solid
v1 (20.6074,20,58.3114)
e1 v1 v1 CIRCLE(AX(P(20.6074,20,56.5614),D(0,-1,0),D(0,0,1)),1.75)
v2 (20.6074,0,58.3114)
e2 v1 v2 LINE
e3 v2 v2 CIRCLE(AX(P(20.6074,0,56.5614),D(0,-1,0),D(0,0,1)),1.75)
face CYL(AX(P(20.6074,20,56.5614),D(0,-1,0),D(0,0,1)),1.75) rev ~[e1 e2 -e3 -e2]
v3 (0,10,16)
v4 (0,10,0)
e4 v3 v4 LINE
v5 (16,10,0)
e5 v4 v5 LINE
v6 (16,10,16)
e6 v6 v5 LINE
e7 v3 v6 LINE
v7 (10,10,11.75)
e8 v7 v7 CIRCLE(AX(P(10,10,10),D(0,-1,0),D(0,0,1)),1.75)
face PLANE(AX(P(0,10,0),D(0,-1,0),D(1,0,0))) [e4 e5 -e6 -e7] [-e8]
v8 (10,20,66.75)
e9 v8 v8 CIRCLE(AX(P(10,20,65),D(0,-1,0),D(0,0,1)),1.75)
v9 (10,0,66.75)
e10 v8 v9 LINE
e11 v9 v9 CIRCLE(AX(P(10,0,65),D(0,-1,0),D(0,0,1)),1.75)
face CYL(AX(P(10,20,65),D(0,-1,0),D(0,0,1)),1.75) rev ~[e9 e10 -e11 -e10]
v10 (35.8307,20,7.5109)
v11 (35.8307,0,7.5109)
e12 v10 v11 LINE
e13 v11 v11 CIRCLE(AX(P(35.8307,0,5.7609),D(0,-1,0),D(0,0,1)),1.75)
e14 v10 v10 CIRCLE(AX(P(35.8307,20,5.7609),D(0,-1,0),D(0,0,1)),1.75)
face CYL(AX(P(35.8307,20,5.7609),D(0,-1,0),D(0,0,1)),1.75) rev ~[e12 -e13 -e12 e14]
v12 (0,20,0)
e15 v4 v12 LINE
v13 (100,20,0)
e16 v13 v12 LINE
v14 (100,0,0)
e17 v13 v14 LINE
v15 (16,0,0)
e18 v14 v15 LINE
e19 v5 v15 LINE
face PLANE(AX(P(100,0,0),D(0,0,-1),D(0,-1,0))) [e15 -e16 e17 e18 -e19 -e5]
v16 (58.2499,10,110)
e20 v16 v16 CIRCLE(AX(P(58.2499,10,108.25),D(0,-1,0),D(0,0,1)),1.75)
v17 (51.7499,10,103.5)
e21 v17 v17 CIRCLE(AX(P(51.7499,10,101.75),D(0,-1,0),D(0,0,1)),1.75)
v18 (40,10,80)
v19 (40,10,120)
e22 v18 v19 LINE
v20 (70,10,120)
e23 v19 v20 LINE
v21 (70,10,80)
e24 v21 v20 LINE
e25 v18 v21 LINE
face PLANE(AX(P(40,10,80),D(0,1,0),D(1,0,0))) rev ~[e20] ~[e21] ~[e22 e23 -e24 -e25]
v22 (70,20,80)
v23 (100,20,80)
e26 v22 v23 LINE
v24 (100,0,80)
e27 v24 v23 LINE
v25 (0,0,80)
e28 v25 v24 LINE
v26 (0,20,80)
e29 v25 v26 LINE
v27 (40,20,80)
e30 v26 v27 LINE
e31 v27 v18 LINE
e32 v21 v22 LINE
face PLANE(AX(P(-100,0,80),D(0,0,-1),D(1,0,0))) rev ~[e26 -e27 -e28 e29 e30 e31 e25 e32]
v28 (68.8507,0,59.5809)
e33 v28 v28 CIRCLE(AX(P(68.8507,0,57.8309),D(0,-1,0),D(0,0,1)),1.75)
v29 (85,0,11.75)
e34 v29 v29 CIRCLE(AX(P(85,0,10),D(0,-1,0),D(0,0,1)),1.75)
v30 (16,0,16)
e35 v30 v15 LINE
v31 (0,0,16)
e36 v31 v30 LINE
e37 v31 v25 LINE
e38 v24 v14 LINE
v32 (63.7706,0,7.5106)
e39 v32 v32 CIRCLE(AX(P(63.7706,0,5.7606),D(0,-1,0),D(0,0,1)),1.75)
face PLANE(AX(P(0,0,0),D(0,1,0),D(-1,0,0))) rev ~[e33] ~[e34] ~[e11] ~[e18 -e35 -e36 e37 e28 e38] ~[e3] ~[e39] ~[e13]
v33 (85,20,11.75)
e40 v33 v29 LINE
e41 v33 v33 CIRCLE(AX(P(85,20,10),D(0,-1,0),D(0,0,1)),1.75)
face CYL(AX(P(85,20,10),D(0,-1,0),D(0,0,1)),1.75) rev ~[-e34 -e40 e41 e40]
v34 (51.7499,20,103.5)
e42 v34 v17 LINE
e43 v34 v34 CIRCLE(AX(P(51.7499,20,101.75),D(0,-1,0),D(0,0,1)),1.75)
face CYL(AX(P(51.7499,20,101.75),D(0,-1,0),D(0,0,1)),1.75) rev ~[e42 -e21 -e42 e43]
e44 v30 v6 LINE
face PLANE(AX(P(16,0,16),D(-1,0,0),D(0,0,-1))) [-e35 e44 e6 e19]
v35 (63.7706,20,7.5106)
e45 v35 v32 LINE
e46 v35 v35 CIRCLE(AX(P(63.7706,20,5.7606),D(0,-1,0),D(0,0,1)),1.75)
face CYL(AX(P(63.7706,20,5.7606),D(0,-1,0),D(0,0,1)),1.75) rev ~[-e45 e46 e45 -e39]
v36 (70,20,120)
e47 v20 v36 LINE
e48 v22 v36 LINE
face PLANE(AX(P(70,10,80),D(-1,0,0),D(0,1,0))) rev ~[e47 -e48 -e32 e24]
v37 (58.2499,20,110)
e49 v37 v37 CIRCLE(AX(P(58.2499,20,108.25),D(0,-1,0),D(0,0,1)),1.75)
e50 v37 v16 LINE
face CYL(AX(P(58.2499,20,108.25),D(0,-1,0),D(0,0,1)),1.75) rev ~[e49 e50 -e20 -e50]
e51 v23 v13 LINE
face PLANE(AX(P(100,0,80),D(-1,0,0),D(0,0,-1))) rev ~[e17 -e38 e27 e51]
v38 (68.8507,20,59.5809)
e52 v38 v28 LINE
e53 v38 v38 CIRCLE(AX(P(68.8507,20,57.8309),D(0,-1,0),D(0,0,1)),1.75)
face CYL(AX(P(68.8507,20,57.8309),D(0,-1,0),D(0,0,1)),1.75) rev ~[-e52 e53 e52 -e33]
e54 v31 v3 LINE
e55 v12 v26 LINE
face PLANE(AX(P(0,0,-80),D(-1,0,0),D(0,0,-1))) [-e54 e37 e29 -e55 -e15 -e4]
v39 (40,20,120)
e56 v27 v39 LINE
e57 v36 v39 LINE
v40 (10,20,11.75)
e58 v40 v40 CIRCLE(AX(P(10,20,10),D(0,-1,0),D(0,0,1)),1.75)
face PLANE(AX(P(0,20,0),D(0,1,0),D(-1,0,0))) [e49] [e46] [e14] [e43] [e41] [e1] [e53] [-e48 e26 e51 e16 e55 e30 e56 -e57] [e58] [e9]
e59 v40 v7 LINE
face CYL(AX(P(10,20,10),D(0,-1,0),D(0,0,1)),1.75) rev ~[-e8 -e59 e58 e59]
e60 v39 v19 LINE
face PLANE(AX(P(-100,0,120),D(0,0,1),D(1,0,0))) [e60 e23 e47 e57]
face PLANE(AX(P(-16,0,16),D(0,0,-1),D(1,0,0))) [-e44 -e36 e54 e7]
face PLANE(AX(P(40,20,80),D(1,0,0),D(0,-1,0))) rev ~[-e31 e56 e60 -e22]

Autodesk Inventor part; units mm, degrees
ref_plane "YZ Plane" through (0, 0, 0) normal (1, 0, 0) x (0, 1, 0)
ref_plane "XZ Plane" through (0, 0, 0) normal (0, 1, 0) x (-1, 0, 0)
ref_plane "XY Plane" through (0, 0, 0) normal (0, 0, 1) x (1, 0, 0)
sketch "Boceto1" plane through (0, 0, 0) normal (0, 1, 0) x (-1, 0, 0)
  line L0 (100, 80) -> (-100, 80)
  line L1 (-100, 80) -> (-100, -80)
  line L2 (-100, -80) -> (100, -80)
  line L3 (100, -80) -> (100, 80)
  line L4 (100, 80) -> (-100, -80) construction
  line L5 (-100, 80) -> (100, -80) construction
  point P0 (0, 0)
  dimension "d0" = 200
  dimension "d1" = 160
extrude "Extrusión1" add sketch "Boceto1" along normal blind 20
sketch "Boceto2" plane through (0, 20, 0) normal (0, 1, 0) x (1, 0, 0)
  line L0 (-100, 80) -> (-100, -80) projected
  line L1 (-100, 80) -> (-70, 80)
  line L2 (-70, 80) -> (-70, 40)
  line L3 (-70, 40) -> (-100, 40)
  line L4 (-100, 40) -> (-100, 80)
  line L5 (100, 80) -> (-100, 80) projected
  line L6 (0, 80) -> (0, 40)
  line L7 (100, 80) -> (70, 80)
  line L8 (70, 80) -> (70, 40)
  line L9 (70, 40) -> (100, 40)
  line L10 (100, 40) -> (100, 80)
  point P0 (0, 0)
  dimension "d4" = 30
  dimension "d5" = 40
extrude "Extrusión2" cut sketch "Boceto2" against normal blind 10
sketch "Boceto3" plane through (0, 20, 0) normal (0, 1, 0) x (1, 0, 0)
  line L0 (-70, 80) -> (-70, 40) projected
  line L1 (-70, 80.0001) -> (-70, 40)
  line L2 (-70, 40) -> (-100, 40) projected
  line L3 (-100, 40) -> (-100, 80.0001)
  line L4 (-100, 40) -> (-70, 40)
  line L5 (-70, 40) -> (-70, 80)
  line L6 (-70, 80) -> (-100, 80)
  line L7 (-100, 80) -> (-100, 40)
  circle A0 centre (-88.25, 58.25) radius 1.75
  circle A1 centre (-81.75, 51.75) radius 1.75
  line L8 (100, 80) -> (-100, 80) projected
  line L9 (0, 80) -> (0, 56.5)
  circle A2 centre (88.25, 58.25) radius 1.75
  circle A3 centre (81.75, 51.75) radius 1.75
  point P0 (0, 0)
  point P1 (-64.3507, 80)
  point P2 (-74.3507, 0)
  point P3 (-85, 80)
  dimension "d23" = 21.75
  dimension "d24" = 11.75
  dimension "d26" = 11.75
hole "Agujero1" at (-81.75, 20, -51.75) at (-88.25, 20, -58.25) at (81.75, 20, -51.75) at (88.25, 20, -58.25) direction (0, -1, 0) diameter 3.5 end through all
sketch "Boceto4" plane through (-100, 0, 80) normal (0, 0, 1) x (1, 0, 0)
  line L0 (30, 20) -> (60, 20)
  line L1 (60, 20) -> (60, 10)
  line L2 (60, 10) -> (30, 10)
  line L3 (30, 10) -> (30, 20)
  line L4 (0, 0) -> (0, 20) projected
  line L5 (100, 0) -> (100, 10)
  line L6 (170, 20) -> (140, 20)
  line L7 (140, 20) -> (140, 10)
  line L8 (140, 10) -> (170, 10)
  line L9 (170, 10) -> (170, 20)
  dimension "d34" = 30
  dimension "d35" = 10
  dimension "d36" = 30
extrude "Extrusión3" add sketch "Boceto4" along normal blind 40
sketch "Boceto5" plane through (0, 20, 0) normal (0, 1, 0) x (1, 0, 0)
  line L0 (59.9999, -50) -> (69.9999, -50)
  line L1 (49.9999, -101.75) -> (49.9999, -79.9497)
  line L2 (59.9999, -108.25) -> (59.9999, -50)
  line L3 (40, -80) -> (69.9999, -80)
  line L4 (49.9999, -79.9497) -> (40, -80)
  circle A0 centre (51.7499, -101.75) radius 1.75
  circle A1 centre (58.2499, -108.25) radius 1.75
  line L5 (69.9999, -80) -> (69.9999, -120)
  line L6 (40, -120) -> (40, -80)
  line L7 (69.9999, -120) -> (40, -120)
  line L8 (0, -50) -> (0, -71.75)
  line L9 (-40, -120) -> (-40, -80)
  line L10 (-49.9999, -101.75) -> (-49.9999, -79.9497)
  circle A2 centre (-51.7499, -101.75) radius 1.75
  circle A3 centre (-58.2499, -108.25) radius 1.75
  line L11 (-40, -80) -> (-69.9999, -80)
  line L12 (-69.9999, -120) -> (-40, -120)
  line L13 (-69.9999, -80) -> (-69.9999, -120)
  line L14 (-59.9999, -108.25) -> (-59.9999, -50)
  line L15 (-40, -120) -> (-69.9999, -120)
  line L16 (-69.9999, -80) -> (-69.9999, -120)
  line L17 (-40, -120) -> (-70, -120) projected
  line L18 (-40, -80) -> (-40, -120) projected
  line L19 (-59.9999, -110) -> (-49.9999, -110)
  line L20 (-49.9999, -110) -> (-49.9999, -100)
  line L21 (-49.9999, -100) -> (-59.9999, -100)
  line L22 (-59.9999, -100) -> (-59.9999, -110)
  line L23 (-100, 40) -> (-100, -80) projected
  point P0 (0, 0)
  point P1 (-56.75, -68.25)
  point P2 (-63.25, -61.75)
  point P3 (63.25, -61.75)
  point P4 (56.75, -68.25)
  dimension "d45" = 3.5
  dimension "d46" = 3.5
  dimension "d39" = 10
  dimension "d40" = 10
  dimension "d41" = 40
  dimension "d42" = 0
  dimension "d43" = 6.5
  dimension "d44" = 6.5
  dimension "d47" = 11.7499
  dimension "d48" = 11.75
  dimension "d49" = 0
  dimension "d50" = 11.75
  dimension "d51" = 0
  dimension "d97" = 40.0001
hole "Agujero2" at (-58.2499, 20, 108.25) at (-51.7499, 20, 101.75) at (51.7499, 20, 101.75) at (58.2499, 20, 108.25) direction (0, -1, 0) diameter 3.5 end through all
sketch "Boceto6" plane through (0, 20, 0) normal (0, 1, 0) x (1, 0, 0)
  circle A0 centre (-60.569, -13.1067) radius 10
  circle A1 centre (-29.569, -59.1067) radius 3.5
  line L0 (-60.569, -13.1067) -> (-39.0083, -13.1067)
  circle A2 centre (-29.569, 25.8933) radius 3.5
  circle A3 centre (-88.569, 25.8933) radius 3.5
  circle A4 centre (-88.569, -59.1067) radius 3.5
  line L1 (70.4544, -63.0517) -> (18.4544, -63.0517)
  line L2 (18.4544, -63.0517) -> (18.4544, 6.9483)
  line L3 (18.4544, 6.9483) -> (70.4544, 6.9483)
  line L4 (70.4544, 6.9483) -> (70.4544, -63.0517)
  line L5 (70.4544, 6.9483) -> (48.4544, 6.9483)
  line L6 (48.4544, 6.9483) -> (48.4544, 48.9483)
  line L7 (48.4544, 48.9483) -> (70.4544, 48.9483)
  line L8 (70.4544, 48.9483) -> (70.4544, 6.9483)
  line L9 (77.2288, -8.158) -> (77.2281, -5.6604)
  circle A5 centre (63.7706, -5.7606) radius 1.75
  line L10 (70.7641, -24.1464) -> (70.7641, 22.2796)
  circle A6 centre (35.8307, -5.7609) radius 1.75
  line L11 (25.1581, -13.2381) -> (25.1581, -10.7404)
  circle A7 centre (68.8507, -57.8309) radius 1.75
  line L12 (26.4277, 35.0051) -> (26.4277, 37.5029)
  circle A8 centre (20.6074, -56.5614) radius 1.75
  line L13 (18.6941, -55.9176) -> (70.7641, -55.9176)
  line L14 (18.6941, -55.9176) -> (18.6941, -7.6743)
  line L15 (44.7291, -55.9176) -> (44.7291, -31.7959)
  line L16 (63.7706, -28.0517) -> (26.4277, -28.0517)
  line L17 (44.7291, -23.5247) -> (44.7291, -31.7959)
  point P0 (0, 0)
  point P1 (-60.569, -16.6067)
  point P2 (45.425, 12.8886)
  point P3 (44.7291, -28.0517)
  dimension "d59" = 7
  dimension "d60" = 7
  dimension "d61" = 7
  dimension "d62" = 39
  dimension "d63" = 46
  dimension "d64" = 59
  dimension "d65" = 46
  dimension "d66" = 39
  dimension "d67" = 59
  dimension "d68" = 52
  dimension "d69" = 70
  dimension "d70" = 22
  dimension "d71" = 42
  dimension "d72" = 3.5
  dimension "d73" = 3.5
  dimension "d74" = 3.5
  dimension "d75" = 3.5
  dimension "d142" = 17.3763
  dimension "d143" = 12.7092
  dimension "d144" = 6.6837
  dimension "d145" = 12.7089
  dimension "d146" = 5.2208
  dimension "d147" = 1.6037
  dimension "d148" = 2.1531
  dimension "d149" = 6.4903
hole "Agujero3" at (68.8507, 20, 57.8309) at (20.6074, 20, 56.5614) at (63.7706, 20, 5.7606) at (35.8307, 20, 5.7609) direction (0, -1, 0) diameter 3.5 end through all
sketch "Boceto7" plane through (0, 20, 0) normal (0, 1, 0) x (1, 0, 0)
  circle A0 centre (-60.569, -13.1067) radius 10
  circle A1 centre (-29.569, -59.1067) radius 3.5
  line L0 (-60.569, -13.1067) -> (-39.0083, -13.1067)
  circle A2 centre (-29.569, 25.8933) radius 3.5
  circle A3 centre (-88.569, 25.8933) radius 3.5
  circle A4 centre (-88.569, -59.1067) radius 3.5
  point P0 (0, 0)
  point P1 (-60.569, -16.6067)
  dimension "d83" = 7
  dimension "d84" = 7
  dimension "d85" = 7
  dimension "d86" = 39
  dimension "d87" = 46
  dimension "d88" = 59
  dimension "d89" = 46
  dimension "d90" = 39
  dimension "d91" = 59
extrude "Extrusión4" cut sketch "Boceto7" against normal blind 20
ref_plane "Plano de trabajo1" through (0, 0, -80) normal (-1, 0, 0) x (0, 0, 1)
ref_plane "Plano de trabajo2" through (100, 0, 0) normal (0, 0, -1) x (-1, 0, 0)
sketch "Boceto8" plane through (0, 20, 0) normal (0, 1, 0) x (1, 0, 0)
  line L0 (80, -15) -> (90, -15)
  circle A0 centre (85, -10) radius 1.75
  line L1 (85, 10) -> (85, -10)
  line L2 (90, -15) -> (90, 15)
  circle A1 centre (85, 10) radius 1.75
  line L3 (80, 15) -> (80, -15)
  line L4 (90, 15) -> (80, -15) construction
  line L5 (80, 15) -> (90, -15) construction
  line L6 (90, 15) -> (80, 15)
  line L7 (100, -80) -> (100, 40) projected
  line L8 (0, 0) -> (20, -20)
  line L9 (0, 0) -> (28.2843, 0) construction
  line L10 (15, -60) -> (15, -70)
  circle A2 centre (10, -65) radius 1.75
  line L11 (-10, -65) -> (10, -65)
  line L12 (15, -70) -> (-15, -70)
  circle A3 centre (-10, -65) radius 1.75
  line L13 (-15, -60) -> (15, -60)
  line L14 (-15, -70) -> (15, -60) construction
  line L15 (-15, -60) -> (15, -70) construction
  line L16 (-15, -70) -> (-15, -60)
  line L17 (0, 0) -> (18.6615, 18.6615)
  line L18 (0, 0) -> (26.3913, 0) construction
  line L19 (-15, 60) -> (-15, 70)
  circle A4 centre (-10, 65) radius 1.75
  line L20 (10, 65) -> (-10, 65)
  line L21 (-15, 70) -> (15, 70)
  circle A5 centre (10, 65) radius 1.75
  line L22 (15, 60) -> (-15, 60)
  line L23 (15, 70) -> (-15, 60) construction
  line L24 (15, 60) -> (-15, 70) construction
  line L25 (15, 70) -> (15, 60)
  line L26 (70, 80) -> (-70, 80) projected
  line L27 (-40, -80) -> (40, -80) projected
  point P0 (86.9608, 0)
  point P1 (86.9608, 0)
  point P2 (85, 15)
  point P3 (0, -69.1269)
  point P4 (0, -69.1269)
  point P5 (-15, -67.1661)
  point P6 (0, 69.7066)
  point P7 (0, 69.7066)
  point P8 (15, 67.7458)
  point P9 (-15, 65)
  point P10 (15, -65)
  dimension "d98" = 10
  dimension "d99" = 30
  dimension "d100" = 10
  dimension "d101" = 5
  dimension "d102" = 5
  dimension "d103" = 5
  dimension "d104" = 5
  dimension "d105" = 45
  dimension "d106" = 45
  dimension "d107" = 10
  dimension "d108" = 10
  dimension "d109" = 30
  dimension "d110" = 5
  dimension "d111" = 5
  dimension "d112" = 5
  dimension "d113" = 5
  dimension "d114" = 10
  dimension "d115" = 30
  dimension "d116" = 5
  dimension "d117" = 5
  dimension "d118" = 5
  dimension "d119" = 5
  dimension "d120" = 10
hole "Agujero4" at (-10, 20, -65) at (10, 20, -65) at (85, 20, -10) at (85, 20, 10) at (10, 20, 65) at (-10, 20, 65) direction (0, -1, 0) diameter 3.5 end through all
sketch "Boceto9" plane through (0, 20, 0) normal (0, 1, 0) x (1, 0, 0)
  circle A0 centre (10, -10) radius 1.75
  line L0 (6.803, 0) -> (14.6069, 0)
  line L1 (0, 0) -> (0, -4.8284)
  line L2 (0, 0) -> (20.0354, 0)
  circle A1 centre (10, 10) radius 1.75
  line L3 (0, 0) -> (0, 4.8284)
  circle A2 centre (-10, 10) radius 1.75
  circle A3 centre (-10, -10) radius 1.75
  dimension "d128" = 3.5
  dimension "d129" = 10
  dimension "d130" = 10
hole "Agujero5" at (-10, 20, 10) at (-10, 20, -10) at (10, 20, -10) at (10, 20, 10) direction (0, -1, 0) diameter 3.5 end through all
sketch "Boceto10" plane through (0, 0, 0) normal (0, -1, 0) x (1, 0, 0)
  line L0 (-16, 16) -> (16, 16)
  line L1 (16, 16) -> (16, -16)
  line L2 (16, -16) -> (-16, -16)
  line L3 (-16, -16) -> (-16, 16)
  line L4 (-16, 16) -> (16, -16) construction
  line L5 (16, 16) -> (-16, -16) construction
  point P0 (0, 0)
  point P1 (0, 0)
  dimension "d138" = 32
  dimension "d139" = 32
extrude "Extrusión5" cut sketch "Boceto10" against normal blind 10
split "Dividir1" plane through (100, 0, 0) removes the side toward (0, 0, -1)
split "Dividir2" plane through (0, 0, -80) removes the side toward (-1, 0, 0)
properties part number "base_mid_4"
